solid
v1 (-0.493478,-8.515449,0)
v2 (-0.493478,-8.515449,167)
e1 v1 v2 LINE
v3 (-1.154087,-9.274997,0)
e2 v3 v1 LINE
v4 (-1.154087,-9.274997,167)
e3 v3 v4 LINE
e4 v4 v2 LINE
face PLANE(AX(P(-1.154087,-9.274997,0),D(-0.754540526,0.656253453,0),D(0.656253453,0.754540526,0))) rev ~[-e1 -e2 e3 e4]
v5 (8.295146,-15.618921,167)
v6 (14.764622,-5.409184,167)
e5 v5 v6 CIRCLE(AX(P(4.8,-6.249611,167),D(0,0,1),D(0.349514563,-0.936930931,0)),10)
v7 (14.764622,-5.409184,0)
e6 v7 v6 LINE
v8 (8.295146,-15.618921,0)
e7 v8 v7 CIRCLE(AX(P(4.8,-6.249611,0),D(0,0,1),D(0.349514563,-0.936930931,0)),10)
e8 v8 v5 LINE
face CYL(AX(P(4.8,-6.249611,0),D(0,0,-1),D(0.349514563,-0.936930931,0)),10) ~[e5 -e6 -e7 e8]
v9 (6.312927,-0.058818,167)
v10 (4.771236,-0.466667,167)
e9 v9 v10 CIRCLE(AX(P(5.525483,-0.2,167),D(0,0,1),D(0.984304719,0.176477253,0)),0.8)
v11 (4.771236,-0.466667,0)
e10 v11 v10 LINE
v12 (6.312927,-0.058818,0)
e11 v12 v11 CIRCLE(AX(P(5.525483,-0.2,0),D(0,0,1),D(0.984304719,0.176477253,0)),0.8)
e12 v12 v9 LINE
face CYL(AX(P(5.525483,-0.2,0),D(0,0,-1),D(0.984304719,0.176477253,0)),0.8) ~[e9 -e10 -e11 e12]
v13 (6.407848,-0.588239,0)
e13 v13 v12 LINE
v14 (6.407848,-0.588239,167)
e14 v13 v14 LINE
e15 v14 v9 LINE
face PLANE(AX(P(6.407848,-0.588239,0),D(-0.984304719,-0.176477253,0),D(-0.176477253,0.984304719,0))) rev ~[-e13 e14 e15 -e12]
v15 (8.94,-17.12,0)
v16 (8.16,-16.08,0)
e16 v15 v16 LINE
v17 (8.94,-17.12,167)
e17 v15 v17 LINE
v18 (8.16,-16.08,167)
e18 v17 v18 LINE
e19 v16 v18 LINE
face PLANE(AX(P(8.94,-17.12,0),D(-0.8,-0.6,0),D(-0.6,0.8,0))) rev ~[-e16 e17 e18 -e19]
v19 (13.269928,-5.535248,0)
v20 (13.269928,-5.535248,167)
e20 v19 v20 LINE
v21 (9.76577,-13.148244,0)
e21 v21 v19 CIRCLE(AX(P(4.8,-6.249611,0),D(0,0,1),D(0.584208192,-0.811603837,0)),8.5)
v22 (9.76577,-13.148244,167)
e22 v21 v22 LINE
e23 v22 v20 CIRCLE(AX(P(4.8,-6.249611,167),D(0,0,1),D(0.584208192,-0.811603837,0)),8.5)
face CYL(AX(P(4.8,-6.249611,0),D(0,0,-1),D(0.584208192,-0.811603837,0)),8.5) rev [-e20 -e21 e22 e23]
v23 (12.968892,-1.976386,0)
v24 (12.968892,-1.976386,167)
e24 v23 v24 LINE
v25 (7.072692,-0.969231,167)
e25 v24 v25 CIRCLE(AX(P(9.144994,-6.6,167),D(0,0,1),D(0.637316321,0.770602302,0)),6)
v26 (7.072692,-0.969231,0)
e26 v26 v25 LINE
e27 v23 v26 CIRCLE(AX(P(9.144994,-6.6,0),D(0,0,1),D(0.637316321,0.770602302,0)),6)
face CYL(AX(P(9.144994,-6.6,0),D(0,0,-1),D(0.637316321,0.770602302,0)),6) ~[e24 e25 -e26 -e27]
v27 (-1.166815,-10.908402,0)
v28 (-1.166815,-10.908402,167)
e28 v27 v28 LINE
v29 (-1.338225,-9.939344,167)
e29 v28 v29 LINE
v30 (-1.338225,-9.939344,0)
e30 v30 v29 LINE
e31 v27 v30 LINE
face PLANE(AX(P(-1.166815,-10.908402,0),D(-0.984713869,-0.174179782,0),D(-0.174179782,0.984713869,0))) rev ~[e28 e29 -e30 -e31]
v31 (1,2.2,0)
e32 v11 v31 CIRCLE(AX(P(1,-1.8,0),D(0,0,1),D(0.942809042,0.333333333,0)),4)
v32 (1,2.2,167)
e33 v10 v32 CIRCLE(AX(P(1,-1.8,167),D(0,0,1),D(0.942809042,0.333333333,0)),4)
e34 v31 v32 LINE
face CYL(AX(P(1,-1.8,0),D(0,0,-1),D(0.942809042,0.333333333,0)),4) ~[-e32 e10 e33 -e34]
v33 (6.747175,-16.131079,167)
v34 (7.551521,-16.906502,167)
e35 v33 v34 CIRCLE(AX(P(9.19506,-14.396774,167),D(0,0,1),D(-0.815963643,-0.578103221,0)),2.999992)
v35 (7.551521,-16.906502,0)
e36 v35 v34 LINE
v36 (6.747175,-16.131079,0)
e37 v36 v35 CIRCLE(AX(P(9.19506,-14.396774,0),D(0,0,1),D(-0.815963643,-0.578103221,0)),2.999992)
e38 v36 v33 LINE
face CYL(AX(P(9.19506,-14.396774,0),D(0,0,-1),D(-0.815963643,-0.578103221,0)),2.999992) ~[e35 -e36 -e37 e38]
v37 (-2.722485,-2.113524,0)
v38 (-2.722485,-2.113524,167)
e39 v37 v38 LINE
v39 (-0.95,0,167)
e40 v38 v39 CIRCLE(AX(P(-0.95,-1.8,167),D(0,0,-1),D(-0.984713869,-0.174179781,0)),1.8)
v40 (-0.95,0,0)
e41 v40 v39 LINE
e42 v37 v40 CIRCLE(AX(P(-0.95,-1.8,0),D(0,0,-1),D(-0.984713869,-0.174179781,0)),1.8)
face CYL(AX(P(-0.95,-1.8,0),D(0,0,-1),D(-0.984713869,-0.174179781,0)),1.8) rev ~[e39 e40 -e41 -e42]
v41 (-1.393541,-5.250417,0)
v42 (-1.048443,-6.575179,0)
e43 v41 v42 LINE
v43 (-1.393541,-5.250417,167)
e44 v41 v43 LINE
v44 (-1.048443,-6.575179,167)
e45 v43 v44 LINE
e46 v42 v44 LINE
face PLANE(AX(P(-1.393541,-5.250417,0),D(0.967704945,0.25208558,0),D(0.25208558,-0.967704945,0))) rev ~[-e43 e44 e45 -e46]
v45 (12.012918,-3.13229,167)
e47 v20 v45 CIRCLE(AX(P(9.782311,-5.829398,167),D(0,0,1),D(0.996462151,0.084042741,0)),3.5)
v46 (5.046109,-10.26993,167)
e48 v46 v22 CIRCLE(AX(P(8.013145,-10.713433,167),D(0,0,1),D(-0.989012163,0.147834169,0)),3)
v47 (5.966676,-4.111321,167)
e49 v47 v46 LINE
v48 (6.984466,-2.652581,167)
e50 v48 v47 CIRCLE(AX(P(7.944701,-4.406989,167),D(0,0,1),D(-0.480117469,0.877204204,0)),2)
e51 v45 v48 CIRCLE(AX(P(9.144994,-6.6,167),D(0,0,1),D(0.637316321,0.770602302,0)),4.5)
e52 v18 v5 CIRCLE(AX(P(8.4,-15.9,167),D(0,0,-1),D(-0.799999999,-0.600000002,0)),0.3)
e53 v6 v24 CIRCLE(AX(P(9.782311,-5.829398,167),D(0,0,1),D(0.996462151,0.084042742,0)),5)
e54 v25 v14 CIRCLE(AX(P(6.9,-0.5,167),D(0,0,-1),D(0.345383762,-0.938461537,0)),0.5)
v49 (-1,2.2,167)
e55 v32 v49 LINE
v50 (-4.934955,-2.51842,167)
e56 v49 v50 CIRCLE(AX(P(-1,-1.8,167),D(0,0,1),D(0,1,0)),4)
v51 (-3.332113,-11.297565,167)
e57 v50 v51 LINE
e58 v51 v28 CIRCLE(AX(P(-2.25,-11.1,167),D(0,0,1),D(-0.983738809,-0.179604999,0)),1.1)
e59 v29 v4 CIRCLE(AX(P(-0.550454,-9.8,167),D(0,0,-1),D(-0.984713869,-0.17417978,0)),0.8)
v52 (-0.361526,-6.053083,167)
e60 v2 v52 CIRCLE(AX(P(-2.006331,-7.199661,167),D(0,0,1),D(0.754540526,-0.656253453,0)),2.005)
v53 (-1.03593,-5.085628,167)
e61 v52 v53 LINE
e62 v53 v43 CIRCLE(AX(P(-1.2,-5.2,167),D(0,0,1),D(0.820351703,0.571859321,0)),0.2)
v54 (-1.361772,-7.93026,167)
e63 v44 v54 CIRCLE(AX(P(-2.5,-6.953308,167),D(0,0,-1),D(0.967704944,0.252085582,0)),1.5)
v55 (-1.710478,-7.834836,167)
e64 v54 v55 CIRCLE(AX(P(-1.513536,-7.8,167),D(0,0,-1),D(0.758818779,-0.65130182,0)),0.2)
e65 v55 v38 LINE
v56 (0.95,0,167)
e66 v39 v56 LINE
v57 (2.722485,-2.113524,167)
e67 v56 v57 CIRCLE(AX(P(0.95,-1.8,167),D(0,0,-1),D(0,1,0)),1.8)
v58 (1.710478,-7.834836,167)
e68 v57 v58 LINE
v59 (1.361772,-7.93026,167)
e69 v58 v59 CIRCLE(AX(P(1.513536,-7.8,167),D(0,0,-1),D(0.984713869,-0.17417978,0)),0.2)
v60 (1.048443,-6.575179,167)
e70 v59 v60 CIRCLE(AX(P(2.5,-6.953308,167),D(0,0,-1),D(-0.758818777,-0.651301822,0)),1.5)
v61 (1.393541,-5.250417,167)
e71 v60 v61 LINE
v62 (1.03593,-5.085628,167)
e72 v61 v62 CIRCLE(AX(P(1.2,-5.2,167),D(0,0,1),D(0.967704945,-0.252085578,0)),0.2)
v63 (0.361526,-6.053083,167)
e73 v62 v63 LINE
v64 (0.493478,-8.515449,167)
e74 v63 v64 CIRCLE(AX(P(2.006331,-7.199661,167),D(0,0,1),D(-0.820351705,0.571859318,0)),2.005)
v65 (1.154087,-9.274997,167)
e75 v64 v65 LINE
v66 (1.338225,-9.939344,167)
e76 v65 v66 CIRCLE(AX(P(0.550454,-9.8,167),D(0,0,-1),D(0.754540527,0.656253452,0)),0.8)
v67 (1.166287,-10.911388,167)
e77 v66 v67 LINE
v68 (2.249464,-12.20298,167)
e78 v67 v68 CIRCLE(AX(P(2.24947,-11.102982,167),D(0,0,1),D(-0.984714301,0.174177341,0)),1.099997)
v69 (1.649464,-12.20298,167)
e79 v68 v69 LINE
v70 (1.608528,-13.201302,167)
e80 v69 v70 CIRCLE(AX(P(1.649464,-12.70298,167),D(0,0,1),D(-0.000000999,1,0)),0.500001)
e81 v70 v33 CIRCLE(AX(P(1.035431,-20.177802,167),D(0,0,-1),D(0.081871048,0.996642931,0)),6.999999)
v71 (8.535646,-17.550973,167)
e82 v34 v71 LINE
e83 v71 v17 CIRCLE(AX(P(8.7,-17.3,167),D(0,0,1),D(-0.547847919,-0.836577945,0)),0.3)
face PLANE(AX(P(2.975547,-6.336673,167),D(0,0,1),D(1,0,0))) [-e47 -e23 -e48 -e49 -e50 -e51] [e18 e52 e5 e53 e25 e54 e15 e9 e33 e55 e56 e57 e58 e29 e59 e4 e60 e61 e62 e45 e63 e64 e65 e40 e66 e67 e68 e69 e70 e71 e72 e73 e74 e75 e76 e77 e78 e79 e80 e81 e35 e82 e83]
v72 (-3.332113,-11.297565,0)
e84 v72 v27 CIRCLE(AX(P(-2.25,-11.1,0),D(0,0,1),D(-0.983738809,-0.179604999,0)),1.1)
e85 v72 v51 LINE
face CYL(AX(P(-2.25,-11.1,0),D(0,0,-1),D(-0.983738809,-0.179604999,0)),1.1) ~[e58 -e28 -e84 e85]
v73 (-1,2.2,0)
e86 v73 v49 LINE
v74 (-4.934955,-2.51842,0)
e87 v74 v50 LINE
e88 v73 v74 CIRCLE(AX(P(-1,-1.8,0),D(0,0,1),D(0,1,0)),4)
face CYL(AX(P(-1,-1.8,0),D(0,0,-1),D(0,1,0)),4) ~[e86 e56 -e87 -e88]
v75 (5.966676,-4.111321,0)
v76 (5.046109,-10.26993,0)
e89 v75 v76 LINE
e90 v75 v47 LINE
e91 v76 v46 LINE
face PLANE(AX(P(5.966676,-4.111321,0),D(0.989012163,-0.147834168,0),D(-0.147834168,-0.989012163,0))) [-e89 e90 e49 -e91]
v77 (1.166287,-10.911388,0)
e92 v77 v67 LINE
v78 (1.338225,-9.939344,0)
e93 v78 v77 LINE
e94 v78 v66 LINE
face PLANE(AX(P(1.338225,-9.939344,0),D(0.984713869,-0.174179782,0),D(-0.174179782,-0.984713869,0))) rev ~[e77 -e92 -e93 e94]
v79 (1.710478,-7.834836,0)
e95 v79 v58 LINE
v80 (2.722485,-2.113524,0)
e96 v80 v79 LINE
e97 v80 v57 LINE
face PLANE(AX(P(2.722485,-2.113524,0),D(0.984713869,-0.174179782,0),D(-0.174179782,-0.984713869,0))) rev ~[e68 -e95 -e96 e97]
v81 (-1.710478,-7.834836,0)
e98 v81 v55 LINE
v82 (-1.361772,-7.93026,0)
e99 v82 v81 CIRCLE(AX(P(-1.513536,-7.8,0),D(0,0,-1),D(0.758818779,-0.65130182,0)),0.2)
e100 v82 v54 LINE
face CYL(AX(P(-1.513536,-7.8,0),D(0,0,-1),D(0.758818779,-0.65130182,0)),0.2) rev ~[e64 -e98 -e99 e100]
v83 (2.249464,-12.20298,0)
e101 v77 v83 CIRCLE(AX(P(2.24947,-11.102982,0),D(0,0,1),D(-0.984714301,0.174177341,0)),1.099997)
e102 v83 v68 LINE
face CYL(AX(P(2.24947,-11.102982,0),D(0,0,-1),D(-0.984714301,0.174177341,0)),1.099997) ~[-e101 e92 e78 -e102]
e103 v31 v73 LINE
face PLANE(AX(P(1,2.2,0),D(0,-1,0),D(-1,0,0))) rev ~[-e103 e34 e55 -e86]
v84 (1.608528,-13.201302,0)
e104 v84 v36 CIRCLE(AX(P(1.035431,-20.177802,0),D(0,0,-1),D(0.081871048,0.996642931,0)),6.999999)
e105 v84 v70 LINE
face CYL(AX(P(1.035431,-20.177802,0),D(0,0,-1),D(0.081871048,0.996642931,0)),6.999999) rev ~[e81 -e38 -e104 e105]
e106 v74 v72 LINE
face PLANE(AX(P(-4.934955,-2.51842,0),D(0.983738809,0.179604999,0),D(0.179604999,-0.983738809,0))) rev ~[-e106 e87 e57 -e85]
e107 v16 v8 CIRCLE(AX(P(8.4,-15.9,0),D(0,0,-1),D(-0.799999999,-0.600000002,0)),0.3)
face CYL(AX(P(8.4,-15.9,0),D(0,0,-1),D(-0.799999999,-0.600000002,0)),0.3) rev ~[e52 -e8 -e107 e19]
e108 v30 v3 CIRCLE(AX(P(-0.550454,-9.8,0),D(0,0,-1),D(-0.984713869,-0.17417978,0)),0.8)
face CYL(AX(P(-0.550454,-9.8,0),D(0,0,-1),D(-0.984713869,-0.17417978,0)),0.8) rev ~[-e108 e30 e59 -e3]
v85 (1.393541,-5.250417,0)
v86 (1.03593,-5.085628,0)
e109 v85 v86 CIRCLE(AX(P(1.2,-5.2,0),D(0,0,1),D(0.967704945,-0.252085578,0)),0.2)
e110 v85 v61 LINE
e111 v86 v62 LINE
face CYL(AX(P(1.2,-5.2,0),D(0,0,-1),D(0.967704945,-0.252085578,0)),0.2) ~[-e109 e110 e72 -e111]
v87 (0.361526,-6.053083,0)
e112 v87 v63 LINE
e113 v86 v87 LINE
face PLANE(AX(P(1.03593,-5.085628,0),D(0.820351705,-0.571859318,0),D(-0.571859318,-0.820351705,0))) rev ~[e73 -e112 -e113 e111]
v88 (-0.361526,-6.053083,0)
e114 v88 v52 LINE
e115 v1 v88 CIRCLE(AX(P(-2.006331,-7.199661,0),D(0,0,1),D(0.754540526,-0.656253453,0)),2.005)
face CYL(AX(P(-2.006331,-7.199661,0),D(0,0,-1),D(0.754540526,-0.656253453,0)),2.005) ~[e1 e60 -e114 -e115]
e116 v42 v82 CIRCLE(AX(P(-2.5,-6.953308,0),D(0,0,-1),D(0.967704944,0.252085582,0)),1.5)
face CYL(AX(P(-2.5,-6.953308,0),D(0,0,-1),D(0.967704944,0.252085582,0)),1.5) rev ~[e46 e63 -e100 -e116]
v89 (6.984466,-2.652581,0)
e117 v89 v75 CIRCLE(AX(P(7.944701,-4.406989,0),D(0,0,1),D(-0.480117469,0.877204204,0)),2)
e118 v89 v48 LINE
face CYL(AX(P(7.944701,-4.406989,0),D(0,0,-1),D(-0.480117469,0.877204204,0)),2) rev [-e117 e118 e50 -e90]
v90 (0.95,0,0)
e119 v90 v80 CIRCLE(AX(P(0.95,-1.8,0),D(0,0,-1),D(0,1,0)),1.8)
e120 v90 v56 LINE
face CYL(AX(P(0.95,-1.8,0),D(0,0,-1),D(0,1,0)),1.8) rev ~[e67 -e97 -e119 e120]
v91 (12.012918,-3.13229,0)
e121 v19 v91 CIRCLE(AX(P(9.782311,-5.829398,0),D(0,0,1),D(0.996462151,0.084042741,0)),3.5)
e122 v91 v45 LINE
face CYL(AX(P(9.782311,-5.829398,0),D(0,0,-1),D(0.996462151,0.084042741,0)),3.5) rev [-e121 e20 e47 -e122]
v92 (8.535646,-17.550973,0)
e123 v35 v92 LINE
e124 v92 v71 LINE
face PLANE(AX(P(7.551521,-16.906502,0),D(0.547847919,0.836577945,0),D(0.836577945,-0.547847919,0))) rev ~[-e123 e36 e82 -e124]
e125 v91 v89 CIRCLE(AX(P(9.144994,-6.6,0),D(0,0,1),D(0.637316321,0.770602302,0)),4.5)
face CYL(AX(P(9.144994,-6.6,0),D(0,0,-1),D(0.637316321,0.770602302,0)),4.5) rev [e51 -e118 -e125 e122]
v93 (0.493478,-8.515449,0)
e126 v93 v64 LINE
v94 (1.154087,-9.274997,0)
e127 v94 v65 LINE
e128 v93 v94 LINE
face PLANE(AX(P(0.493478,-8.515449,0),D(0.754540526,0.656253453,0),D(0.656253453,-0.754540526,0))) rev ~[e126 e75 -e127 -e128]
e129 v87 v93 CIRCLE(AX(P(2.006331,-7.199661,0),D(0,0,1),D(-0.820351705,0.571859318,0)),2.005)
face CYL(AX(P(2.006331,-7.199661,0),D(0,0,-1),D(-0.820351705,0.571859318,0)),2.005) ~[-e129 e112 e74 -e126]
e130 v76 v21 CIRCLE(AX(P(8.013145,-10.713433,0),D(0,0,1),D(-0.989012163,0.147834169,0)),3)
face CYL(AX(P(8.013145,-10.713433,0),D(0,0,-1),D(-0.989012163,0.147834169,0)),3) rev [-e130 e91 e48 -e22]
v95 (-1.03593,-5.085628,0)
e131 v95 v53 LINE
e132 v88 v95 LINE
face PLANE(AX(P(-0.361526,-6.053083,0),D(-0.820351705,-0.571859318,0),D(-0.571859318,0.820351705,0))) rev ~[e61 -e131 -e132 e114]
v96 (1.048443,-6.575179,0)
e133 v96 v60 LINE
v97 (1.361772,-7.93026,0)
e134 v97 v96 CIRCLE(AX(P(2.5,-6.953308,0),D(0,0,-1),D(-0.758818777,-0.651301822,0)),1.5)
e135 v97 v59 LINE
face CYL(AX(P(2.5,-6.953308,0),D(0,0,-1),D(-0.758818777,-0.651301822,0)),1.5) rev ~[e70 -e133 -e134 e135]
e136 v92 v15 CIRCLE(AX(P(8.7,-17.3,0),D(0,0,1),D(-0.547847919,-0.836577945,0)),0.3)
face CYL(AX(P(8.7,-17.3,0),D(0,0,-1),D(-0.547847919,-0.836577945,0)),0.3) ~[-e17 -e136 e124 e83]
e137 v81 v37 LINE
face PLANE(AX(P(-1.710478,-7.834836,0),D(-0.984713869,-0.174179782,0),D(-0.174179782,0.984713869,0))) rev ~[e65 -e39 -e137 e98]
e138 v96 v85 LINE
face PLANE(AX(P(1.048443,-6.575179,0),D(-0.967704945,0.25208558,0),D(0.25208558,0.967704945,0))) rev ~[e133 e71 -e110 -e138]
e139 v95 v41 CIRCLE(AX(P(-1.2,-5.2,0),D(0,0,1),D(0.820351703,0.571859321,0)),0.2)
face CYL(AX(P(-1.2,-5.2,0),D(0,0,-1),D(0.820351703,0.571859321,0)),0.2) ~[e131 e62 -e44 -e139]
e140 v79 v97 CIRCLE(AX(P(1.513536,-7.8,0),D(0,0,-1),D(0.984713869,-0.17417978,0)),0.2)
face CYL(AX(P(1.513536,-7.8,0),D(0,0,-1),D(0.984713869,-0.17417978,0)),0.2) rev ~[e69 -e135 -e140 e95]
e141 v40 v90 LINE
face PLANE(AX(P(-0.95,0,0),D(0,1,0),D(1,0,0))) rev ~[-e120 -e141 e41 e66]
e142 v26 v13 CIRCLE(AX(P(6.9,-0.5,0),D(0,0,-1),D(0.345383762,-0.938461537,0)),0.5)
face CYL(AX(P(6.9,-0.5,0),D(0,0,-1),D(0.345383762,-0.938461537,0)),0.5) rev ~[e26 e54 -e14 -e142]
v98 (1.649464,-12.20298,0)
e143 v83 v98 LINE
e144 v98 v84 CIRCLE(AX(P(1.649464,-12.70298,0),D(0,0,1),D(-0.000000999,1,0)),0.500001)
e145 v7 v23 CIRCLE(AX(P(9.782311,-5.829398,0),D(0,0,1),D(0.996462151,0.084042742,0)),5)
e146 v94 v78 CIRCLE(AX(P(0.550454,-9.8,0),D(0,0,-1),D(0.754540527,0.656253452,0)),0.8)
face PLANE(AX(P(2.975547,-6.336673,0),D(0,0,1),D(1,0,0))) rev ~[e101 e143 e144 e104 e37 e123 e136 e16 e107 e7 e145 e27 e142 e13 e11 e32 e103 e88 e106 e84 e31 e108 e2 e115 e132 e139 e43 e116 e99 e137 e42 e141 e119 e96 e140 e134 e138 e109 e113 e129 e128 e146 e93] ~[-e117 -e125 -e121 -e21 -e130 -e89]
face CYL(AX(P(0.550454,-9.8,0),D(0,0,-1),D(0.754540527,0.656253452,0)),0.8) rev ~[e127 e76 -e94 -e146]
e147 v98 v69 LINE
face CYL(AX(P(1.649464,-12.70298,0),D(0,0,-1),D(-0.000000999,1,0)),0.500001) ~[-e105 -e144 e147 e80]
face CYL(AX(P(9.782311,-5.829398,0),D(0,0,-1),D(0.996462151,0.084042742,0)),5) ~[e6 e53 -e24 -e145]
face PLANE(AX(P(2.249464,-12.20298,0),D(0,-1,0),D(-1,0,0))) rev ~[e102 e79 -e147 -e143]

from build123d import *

# Parameters (mm, degrees)
AUFSATZ_LINEAR_AUSTRAGEN1_DEPTH = 167


with BuildPart() as part:
    # Skizze2 → Aufsatz-Linear austragen1 (new body)
    with BuildSketch(Plane.XY):
        with BuildLine():
            Line((2.249463717, -12.202979692), (1.649463717, -12.202979692))
            ThreePointArc((1.649463717, -12.202979692), (1.149883527, -12.682494733), (1.608528118, -13.201302152))
            ThreePointArc((1.608528118, -13.201302152), (4.502520079, -14.096742674), (6.747175365, -16.131079375))
            ThreePointArc((6.747175365, -16.131079375), (7.112932008, -16.556565076), (7.551520932, -16.906501858))
            Line((7.551520932, -16.906501858), (8.535645624, -17.550973384))
            ThreePointArc((8.535645624, -17.550973384), (8.918780894, -17.505267924), (8.94, -17.12))
            Line((8.94, -17.12), (8.16, -16.08))
            ThreePointArc((8.16, -16.08), (8.112111724, -15.815617889), (8.295145631, -15.618920721))
            ThreePointArc((8.295145631, -15.618920721), (13.246952934, -11.602086173), (14.764621506, -5.40918399))
            ThreePointArc((14.764621506, -5.40918399), (14.212742534, -3.511796734), (12.968892358, -1.976386191))
            ThreePointArc((12.968892358, -1.976386191), (10.155247914, -0.685662514), (7.072691879, -0.969230769))
            ThreePointArc((7.072691879, -0.969230769), (6.651398908, -0.933817355), (6.407847641, -0.588238626))
            Line((6.407847641, -0.588238626), (6.312927175, -0.058818198))
            ThreePointArc((6.312927175, -0.058818198), (5.320884778, 0.573394727), (4.771236166, -0.466666667))
            ThreePointArc((4.771236166, -0.466666667), (3.309401077, 1.465986324), (1, 2.2))
            Line((1, 2.2), (-1, 2.2))
            ThreePointArc((-1, 2.2), (-4.071944008, 0.761866509), (-4.934955236, -2.518419995))
            Line((-4.934955236, -2.518419995), (-3.33211269, -11.297565499))
            ThreePointArc((-3.33211269, -11.297565499), (-2.055417632, -12.182653085), (-1.166814744, -10.90840224))
            Line((-1.166814744, -10.90840224), (-1.338225332, -9.939343825))
            ThreePointArc((-1.338225332, -9.939343825), (-1.321388756, -9.586318071), (-1.154086658, -9.274997238))
            Line((-1.154086658, -9.274997238), (-0.493477704, -8.515448887))
            ThreePointArc((-0.493477704, -8.515448887), (-0.004204046, -7.306949206), (-0.36152629, -6.053082782))
            Line((-0.36152629, -6.053082782), (-1.035929659, -5.085628136))
            ThreePointArc((-1.035929659, -5.085628136), (-1.283701743, -5.018357444), (-1.393540989, -5.250417116))
            Line((-1.393540989, -5.250417116), (-1.048442583, -6.575179263))
            ThreePointArc((-1.048442583, -6.575179263), (-1.038559429, -7.2912299), (-1.361771833, -7.930260364))
            ThreePointArc((-1.361771833, -7.930260364), (-1.566325174, -7.992907386), (-1.710478362, -7.834835956))
            Line((-1.710478362, -7.834835956), (-2.722484964, -2.113523607))
            ThreePointArc((-2.722484964, -2.113523607), (-2.329192244, -0.643354526), (-0.95, 0))
            Line((-0.95, 0), (0.95, 0))
            ThreePointArc((0.95, 0), (2.329192244, -0.643354526), (2.722484964, -2.113523607))
            Line((2.722484964, -2.113523607), (1.710478362, -7.834835956))
            ThreePointArc((1.710478362, -7.834835956), (1.566325174, -7.992907386), (1.361771833, -7.930260364))
            ThreePointArc((1.361771833, -7.930260364), (1.038559429, -7.2912299), (1.048442583, -6.575179263))
            Line((1.048442583, -6.575179263), (1.393540989, -5.250417116))
            ThreePointArc((1.393540989, -5.250417116), (1.283701743, -5.018357444), (1.035929659, -5.085628136))
            Line((1.035929659, -5.085628136), (0.36152629, -6.053082782))
            ThreePointArc((0.36152629, -6.053082782), (0.004204046, -7.306949206), (0.493477704, -8.515448887))
            Line((0.493477704, -8.515448887), (1.154086658, -9.274997238))
            ThreePointArc((1.154086658, -9.274997238), (1.321388756, -9.586318071), (1.338225332, -9.939343825))
            Line((1.338225332, -9.939343825), (1.166286689, -10.911387565))
            ThreePointArc((1.166286689, -10.911387565), (1.406630414, -11.809817401), (2.249463717, -12.202979692))
        make_face()
        with BuildLine():
            Line((5.966676435, -4.111321151), (5.046108567, -10.269930006))
            ThreePointArc((5.046108567, -10.269930006), (6.451136103, -13.2747072), (9.765769631, -13.148244023))
            ThreePointArc((9.765769631, -13.148244023), (12.521328986, -9.803634295), (13.26992828, -5.535248103))
            ThreePointArc((13.26992828, -5.535248103), (12.883613, -4.207077023), (12.012917876, -3.132289643))
            ThreePointArc((12.012917876, -3.132289643), (9.572349016, -2.120338399), (6.984465825, -2.652581079))
            ThreePointArc((6.984465825, -2.652581079), (6.304480495, -3.262578078), (5.966676435, -4.111321151))
        make_face(mode=Mode.SUBTRACT)
    extrude(amount=AUFSATZ_LINEAR_AUSTRAGEN1_DEPTH)


solid = part.part
